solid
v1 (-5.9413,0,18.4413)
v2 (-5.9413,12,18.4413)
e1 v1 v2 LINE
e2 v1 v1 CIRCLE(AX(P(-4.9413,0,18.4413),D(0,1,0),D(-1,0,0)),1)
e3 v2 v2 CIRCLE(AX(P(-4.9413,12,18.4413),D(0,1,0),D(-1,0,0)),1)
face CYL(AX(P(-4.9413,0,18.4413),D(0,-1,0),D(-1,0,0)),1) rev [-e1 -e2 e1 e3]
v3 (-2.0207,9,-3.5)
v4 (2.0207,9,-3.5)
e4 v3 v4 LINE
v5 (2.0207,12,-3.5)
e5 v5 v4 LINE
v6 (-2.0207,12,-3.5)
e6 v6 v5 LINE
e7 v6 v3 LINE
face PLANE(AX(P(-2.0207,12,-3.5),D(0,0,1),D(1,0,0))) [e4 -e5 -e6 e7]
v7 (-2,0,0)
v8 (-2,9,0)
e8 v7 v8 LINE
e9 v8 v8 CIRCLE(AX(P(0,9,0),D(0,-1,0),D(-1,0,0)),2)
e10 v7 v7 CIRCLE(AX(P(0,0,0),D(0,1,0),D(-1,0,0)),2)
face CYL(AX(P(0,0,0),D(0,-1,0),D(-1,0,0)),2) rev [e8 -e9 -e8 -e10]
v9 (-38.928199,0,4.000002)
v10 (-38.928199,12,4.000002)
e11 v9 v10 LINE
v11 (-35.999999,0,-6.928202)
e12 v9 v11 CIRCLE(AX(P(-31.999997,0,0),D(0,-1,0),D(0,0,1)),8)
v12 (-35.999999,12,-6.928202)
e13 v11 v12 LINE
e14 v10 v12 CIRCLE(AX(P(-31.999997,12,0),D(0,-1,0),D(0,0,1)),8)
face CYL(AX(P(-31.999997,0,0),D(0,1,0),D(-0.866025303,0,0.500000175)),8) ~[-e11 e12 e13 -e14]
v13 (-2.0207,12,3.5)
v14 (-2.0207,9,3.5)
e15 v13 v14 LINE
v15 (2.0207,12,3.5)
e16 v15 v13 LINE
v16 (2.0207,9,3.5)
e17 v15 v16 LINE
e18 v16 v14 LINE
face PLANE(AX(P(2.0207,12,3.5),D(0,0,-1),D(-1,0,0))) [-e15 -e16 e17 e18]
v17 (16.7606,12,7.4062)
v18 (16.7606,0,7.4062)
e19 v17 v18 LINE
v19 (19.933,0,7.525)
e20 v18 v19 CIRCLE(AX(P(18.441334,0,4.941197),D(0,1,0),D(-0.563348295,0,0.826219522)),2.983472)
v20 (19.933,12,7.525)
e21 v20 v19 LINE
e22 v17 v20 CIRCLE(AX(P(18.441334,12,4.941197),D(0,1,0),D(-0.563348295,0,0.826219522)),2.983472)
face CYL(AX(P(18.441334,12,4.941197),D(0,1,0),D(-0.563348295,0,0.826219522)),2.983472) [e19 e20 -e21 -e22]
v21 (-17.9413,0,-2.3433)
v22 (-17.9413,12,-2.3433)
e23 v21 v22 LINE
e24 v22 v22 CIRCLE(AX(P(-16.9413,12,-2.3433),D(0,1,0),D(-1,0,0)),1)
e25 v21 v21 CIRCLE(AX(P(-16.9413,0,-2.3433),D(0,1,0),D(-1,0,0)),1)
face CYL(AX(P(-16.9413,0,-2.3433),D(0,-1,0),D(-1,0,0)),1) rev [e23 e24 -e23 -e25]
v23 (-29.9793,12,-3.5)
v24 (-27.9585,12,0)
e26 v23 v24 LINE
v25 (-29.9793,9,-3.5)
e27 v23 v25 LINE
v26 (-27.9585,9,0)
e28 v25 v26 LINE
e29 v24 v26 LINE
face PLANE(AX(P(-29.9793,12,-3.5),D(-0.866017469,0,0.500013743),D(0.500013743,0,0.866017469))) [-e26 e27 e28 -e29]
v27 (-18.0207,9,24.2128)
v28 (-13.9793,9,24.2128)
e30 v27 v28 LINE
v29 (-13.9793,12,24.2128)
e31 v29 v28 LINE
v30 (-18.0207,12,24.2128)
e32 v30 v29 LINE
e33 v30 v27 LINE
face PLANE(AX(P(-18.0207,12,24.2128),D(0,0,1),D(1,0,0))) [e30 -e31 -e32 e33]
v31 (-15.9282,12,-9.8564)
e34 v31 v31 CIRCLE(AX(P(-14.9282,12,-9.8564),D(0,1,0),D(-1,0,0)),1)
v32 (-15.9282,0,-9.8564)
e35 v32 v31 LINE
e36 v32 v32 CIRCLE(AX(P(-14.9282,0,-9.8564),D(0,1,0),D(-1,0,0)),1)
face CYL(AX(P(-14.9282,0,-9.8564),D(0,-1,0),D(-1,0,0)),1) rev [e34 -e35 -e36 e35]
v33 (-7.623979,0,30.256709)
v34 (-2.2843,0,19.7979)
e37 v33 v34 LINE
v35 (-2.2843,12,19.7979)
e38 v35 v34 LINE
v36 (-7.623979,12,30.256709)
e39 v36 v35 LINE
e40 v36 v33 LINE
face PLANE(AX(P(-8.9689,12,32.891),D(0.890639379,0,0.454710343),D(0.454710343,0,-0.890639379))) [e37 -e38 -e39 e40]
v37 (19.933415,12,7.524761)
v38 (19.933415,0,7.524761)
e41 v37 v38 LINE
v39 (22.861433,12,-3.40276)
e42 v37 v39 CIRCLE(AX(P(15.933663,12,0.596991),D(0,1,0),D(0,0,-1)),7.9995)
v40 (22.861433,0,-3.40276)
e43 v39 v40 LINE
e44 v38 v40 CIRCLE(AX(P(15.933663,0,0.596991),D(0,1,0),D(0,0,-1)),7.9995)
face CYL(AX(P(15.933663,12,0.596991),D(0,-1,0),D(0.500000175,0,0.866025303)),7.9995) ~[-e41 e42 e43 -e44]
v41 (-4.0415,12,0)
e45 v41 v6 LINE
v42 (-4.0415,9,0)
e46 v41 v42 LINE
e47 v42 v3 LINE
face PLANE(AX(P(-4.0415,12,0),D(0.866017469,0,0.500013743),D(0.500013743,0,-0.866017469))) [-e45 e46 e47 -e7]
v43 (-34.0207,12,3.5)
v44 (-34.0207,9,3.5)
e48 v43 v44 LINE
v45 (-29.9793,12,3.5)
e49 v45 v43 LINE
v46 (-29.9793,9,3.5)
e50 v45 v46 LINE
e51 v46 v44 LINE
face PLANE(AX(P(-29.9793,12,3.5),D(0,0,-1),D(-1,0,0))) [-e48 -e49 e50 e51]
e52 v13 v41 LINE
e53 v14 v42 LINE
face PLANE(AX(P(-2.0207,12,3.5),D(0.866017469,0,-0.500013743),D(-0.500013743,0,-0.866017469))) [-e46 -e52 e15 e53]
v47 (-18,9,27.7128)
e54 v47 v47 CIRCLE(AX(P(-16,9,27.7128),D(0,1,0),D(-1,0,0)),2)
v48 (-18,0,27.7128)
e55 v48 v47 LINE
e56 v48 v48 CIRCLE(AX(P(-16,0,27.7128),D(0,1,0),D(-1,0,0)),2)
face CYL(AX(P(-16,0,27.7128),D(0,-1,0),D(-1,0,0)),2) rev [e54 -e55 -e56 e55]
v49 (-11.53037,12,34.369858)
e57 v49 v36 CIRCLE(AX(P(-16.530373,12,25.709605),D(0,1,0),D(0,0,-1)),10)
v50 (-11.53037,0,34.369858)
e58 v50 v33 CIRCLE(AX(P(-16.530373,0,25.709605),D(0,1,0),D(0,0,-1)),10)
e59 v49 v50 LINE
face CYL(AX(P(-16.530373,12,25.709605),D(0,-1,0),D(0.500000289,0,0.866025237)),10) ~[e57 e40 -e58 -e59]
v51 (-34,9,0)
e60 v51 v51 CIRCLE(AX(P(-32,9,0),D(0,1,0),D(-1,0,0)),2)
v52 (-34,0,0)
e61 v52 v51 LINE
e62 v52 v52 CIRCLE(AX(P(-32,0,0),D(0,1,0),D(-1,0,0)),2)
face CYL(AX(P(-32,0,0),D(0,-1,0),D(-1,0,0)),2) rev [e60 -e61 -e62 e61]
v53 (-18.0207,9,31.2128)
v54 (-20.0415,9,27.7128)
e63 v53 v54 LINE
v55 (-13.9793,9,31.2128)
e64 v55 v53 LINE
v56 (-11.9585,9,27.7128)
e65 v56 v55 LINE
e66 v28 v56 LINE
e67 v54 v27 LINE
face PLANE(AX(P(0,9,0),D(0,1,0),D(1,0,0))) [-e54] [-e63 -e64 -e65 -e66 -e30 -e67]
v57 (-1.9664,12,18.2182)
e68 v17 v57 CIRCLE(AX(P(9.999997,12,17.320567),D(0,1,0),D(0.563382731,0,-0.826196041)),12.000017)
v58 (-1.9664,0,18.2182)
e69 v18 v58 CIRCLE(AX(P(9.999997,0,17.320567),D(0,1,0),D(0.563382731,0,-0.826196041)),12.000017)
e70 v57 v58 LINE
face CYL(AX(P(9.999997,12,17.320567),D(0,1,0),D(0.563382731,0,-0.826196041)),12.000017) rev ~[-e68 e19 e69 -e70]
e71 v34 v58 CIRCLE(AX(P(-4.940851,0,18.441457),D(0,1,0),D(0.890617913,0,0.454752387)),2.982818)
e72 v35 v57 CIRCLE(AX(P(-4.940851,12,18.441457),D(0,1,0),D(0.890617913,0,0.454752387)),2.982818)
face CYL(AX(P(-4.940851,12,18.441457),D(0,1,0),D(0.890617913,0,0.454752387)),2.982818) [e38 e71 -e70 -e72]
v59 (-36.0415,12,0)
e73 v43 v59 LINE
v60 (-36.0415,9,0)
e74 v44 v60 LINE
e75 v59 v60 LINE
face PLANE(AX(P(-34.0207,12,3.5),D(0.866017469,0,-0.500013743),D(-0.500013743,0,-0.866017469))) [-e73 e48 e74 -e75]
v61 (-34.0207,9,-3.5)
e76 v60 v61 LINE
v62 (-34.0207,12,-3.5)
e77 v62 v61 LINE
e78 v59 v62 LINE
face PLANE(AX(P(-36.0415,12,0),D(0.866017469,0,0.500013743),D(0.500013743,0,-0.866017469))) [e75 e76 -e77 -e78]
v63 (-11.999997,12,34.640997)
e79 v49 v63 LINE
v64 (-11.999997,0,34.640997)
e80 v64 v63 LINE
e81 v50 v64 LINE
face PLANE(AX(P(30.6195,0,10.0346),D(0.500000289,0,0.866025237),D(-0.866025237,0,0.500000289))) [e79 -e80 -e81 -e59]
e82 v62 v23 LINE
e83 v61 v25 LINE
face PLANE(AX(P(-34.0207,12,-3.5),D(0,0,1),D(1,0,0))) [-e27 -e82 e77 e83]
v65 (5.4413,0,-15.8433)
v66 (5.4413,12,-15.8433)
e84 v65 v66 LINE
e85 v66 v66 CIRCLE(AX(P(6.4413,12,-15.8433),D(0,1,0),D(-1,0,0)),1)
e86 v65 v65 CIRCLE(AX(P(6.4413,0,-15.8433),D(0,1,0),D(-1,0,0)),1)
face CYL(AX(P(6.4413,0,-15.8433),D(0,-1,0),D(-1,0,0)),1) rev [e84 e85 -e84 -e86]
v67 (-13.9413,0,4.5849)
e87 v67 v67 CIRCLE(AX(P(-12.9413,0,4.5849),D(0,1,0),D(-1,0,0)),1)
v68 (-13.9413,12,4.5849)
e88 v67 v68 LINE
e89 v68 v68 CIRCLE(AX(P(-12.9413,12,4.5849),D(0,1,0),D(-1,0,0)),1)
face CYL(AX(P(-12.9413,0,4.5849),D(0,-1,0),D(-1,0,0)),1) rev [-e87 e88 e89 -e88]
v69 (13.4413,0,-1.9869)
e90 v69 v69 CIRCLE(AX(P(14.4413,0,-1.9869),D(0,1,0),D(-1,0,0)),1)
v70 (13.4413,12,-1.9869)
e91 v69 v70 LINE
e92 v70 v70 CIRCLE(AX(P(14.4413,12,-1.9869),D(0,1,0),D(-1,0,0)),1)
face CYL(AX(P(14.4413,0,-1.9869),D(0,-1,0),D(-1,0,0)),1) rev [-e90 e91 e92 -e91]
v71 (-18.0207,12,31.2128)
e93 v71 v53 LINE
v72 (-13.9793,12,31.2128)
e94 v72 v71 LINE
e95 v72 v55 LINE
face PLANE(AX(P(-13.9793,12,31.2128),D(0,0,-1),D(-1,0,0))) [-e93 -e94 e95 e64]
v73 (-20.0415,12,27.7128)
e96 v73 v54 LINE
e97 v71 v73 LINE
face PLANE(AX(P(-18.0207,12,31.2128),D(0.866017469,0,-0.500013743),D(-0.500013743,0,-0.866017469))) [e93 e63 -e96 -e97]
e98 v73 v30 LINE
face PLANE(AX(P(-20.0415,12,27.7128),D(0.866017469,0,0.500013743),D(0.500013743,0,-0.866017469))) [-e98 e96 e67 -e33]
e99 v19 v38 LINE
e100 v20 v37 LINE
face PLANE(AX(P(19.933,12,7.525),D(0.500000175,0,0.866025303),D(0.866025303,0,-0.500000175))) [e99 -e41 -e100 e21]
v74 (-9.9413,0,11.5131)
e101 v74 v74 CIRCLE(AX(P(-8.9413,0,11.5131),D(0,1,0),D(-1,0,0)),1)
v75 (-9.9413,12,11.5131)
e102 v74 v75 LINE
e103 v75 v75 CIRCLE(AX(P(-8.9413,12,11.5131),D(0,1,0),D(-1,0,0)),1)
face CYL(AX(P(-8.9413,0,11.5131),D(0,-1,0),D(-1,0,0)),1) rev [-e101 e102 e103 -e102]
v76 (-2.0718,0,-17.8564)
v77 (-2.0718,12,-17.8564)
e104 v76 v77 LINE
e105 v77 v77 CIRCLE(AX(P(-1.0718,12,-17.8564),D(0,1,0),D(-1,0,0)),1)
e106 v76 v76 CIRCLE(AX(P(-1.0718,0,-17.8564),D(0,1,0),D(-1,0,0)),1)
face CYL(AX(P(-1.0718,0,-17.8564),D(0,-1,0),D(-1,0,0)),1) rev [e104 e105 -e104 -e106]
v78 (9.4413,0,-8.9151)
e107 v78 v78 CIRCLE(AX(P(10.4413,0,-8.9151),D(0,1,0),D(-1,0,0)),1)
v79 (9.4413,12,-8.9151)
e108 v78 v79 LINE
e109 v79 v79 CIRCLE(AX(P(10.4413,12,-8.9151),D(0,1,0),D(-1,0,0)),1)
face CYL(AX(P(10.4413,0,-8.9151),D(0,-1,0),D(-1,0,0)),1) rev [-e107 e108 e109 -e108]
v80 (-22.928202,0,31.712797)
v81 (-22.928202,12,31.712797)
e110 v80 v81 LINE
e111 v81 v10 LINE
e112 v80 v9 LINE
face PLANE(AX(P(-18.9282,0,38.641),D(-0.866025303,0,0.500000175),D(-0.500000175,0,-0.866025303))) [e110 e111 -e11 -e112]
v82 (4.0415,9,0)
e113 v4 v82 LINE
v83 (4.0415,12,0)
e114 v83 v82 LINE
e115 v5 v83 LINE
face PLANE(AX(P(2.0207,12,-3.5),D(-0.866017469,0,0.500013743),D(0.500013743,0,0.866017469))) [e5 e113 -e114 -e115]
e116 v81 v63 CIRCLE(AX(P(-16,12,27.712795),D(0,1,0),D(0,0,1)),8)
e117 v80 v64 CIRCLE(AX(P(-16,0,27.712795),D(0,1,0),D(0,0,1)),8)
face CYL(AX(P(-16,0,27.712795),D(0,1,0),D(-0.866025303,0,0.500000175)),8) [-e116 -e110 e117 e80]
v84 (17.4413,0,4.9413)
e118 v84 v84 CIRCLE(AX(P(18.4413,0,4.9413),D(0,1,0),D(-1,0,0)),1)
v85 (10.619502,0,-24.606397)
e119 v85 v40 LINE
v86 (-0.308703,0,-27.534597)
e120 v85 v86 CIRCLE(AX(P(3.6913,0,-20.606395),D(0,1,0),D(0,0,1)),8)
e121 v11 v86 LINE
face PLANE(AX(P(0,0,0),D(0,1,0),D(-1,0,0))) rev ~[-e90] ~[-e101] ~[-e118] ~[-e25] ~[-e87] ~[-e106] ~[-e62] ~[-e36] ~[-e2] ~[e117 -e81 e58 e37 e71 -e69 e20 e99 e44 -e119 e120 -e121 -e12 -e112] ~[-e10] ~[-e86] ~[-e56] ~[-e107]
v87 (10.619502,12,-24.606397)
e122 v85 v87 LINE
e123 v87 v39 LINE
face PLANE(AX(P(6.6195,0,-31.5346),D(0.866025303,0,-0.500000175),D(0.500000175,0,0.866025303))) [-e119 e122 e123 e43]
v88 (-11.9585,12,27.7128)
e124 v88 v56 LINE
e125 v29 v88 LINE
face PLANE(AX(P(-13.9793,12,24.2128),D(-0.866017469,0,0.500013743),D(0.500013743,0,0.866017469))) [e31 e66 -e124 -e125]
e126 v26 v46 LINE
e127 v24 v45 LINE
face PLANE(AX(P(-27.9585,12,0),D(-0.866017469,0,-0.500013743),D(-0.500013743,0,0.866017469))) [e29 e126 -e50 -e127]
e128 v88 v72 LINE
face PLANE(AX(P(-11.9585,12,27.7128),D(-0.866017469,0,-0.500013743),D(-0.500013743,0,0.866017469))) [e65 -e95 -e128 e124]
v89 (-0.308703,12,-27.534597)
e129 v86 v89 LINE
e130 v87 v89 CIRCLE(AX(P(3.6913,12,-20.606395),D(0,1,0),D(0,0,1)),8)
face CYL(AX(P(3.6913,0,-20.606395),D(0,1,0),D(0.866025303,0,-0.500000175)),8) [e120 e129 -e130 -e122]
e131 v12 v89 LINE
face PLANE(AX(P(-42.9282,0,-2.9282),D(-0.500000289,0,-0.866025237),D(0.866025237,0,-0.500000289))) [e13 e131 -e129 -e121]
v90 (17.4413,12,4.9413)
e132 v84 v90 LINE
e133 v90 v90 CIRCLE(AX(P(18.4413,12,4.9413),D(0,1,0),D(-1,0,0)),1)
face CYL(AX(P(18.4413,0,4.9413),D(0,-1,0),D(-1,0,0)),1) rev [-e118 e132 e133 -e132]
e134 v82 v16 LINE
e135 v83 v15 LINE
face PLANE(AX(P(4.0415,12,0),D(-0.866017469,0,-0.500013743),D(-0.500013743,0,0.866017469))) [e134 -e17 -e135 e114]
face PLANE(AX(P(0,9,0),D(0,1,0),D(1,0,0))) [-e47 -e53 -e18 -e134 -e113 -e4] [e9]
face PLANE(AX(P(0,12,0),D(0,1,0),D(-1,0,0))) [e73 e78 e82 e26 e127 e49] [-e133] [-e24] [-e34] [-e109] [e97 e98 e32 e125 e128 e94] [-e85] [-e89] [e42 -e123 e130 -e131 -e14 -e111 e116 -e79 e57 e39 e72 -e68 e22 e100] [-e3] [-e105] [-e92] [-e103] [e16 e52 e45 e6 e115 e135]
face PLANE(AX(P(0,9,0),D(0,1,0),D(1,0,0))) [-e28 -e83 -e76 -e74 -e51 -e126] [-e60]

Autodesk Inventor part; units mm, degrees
ref_plane "YZ Plane" through (0, 0, 0) normal (1, 0, 0) x (0, 1, 0)
ref_plane "XZ Plane" through (0, 0, 0) normal (0, 1, 0) x (-1, 0, 0)
ref_plane "XY Plane" through (0, 0, 0) normal (0, 0, 1) x (1, 0, 0)
sketch "Esquisse1" plane through (0, 0, 0) normal (0, 1, 0) x (-1, 0, 0)
  line L0 (0, 0) -> (32, 0) construction
  line L1 (32, 0) -> (16, 27.7128) construction
  line L2 (16, 27.7128) -> (0, 0) construction
  line L3 (-10.3913, 17.9982) -> (9.0252, -15.6322) construction
  line L4 (8, -13.8564) -> (32, 0) construction
  line L5 (8, -13.8564) -> (14.9282, -9.8564) construction
  line L6 (8, -13.8564) -> (-10, 17.3205) construction
  line L7 (-10, 17.3205) -> (1.6913, 24.0705) construction
  line L8 (1.6913, 24.0705) -> (4.9413, 18.4413) construction
  line L9 (4.9413, 18.4413) -> (8.9413, 11.5131) construction
  line L10 (8.9413, 11.5131) -> (12.9413, 4.5849) construction
  line L11 (12.9413, 4.5849) -> (16.9413, -2.3433) construction
  circle A0 centre (8.9413, 11.5131) radius 1
  circle A1 centre (12.9413, 4.5849) radius 1
  circle A2 centre (16.9413, -2.3433) radius 1
  circle A3 centre (14.9282, -9.8564) radius 1
  circle A4 centre (4.9413, 18.4413) radius 1
  circle A5 centre (-14.4413, -1.9869) radius 1
  circle A6 centre (-10.4413, -8.9151) radius 1
  circle A7 centre (-6.4413, -15.8433) radius 1
  circle A8 centre (1.0718, -17.8564) radius 1
  circle A9 centre (-18.4413, 4.9413) radius 1
  circle A10 centre (-10, 17.3205) radius 11.6 construction
  line L12 (32, 0) -> (36, -6.9282) construction
  line L13 (36.0415, 0) -> (34.0207, -3.5) construction
  line L14 (34.0207, -3.5) -> (29.9793, -3.5) construction
  line L15 (29.9793, -3.5) -> (27.9585, 0) construction
  line L16 (27.9585, 0) -> (29.9793, 3.5) construction
  line L17 (29.9793, 3.5) -> (34.0207, 3.5) construction
  line L18 (34.0207, 3.5) -> (36.0415, 0) construction
  line L19 (34.0207, 3.5) -> (34.0207, -3.5) construction
  circle A11 centre (16, 27.7128) radius 2
  circle A12 centre (32, 0) radius 2
  line L20 (32, 0) -> (38.9282, 4) construction
  line L21 (-6.4413, -15.8433) -> (-13.3695, -19.8433) construction
  line L22 (42.9282, -2.9282) -> (-6.6195, -31.5346)
  line L23 (-6.6195, -31.5346) -> (-30.6195, 10.0346)
  line L24 (-30.6195, 10.0346) -> (18.9282, 38.641)
  line L25 (18.9282, 38.641) -> (42.9282, -2.9282)
  line L26 (8, -13.8564) -> (12, -20.7846) construction
  line L27 (16, 27.7128) -> (12, 34.641) construction
  circle A13 centre (0, 0) radius 2
  dimension "d0" = 32
  dimension "d1" = 32
  dimension "d2" = 60
  dimension "d4" = 8
  dimension "d6" = 36
  dimension "d7" = 13.5
  dimension "d8" = 6.5
  dimension "d9" = 8
  dimension "d10" = 8
  dimension "d11" = 8
  dimension "d13" = 2
  dimension "d14" = 11.6
  dimension "d15" = 8
  dimension "d16" = 7
  dimension "d17" = 4
  dimension "d19" = 8
  dimension "d20" = 8
  dimension "d26" = 8
  dimension "d27" = 8
extrude "Extrusion1" add sketch "Esquisse1" along normal blind 12
sketch "Esquisse5" plane through (0, 12, 0) normal (0, 1, 0) x (1, 0, 0)
  circle A0 centre (-32, 0) radius 2 projected
  circle A1 centre (-16, -27.7128) radius 2 projected
  line L0 (-42.9282, 2.9282) -> (-18.9282, -38.641) projected
  line L1 (-27.9585, 0) -> (-29.9793, -3.5)
  line L2 (-29.9793, -3.5) -> (-34.0207, -3.5)
  line L3 (-34.0207, -3.5) -> (-36.0415, 0)
  line L4 (-36.0415, 0) -> (-34.0207, 3.5)
  line L5 (-34.0207, 3.5) -> (-29.9793, 3.5)
  line L6 (-29.9793, 3.5) -> (-27.9585, 0)
  line L7 (-18.0207, -24.2128) -> (-13.9793, -24.2128)
  line L8 (-13.9793, -24.2128) -> (-11.9585, -27.7128)
  line L9 (-11.9585, -27.7128) -> (-13.9793, -31.2128)
  line L10 (-13.9793, -31.2128) -> (-18.0207, -31.2128)
  line L11 (-18.0207, -31.2128) -> (-20.0415, -27.7128)
  line L12 (-20.0415, -27.7128) -> (-18.0207, -24.2128)
  line L13 (-4.0415, 0) -> (-2.0207, 3.5)
  line L14 (-2.0207, 3.5) -> (2.0207, 3.5)
  line L15 (2.0207, 3.5) -> (4.0415, 0)
  line L16 (4.0415, 0) -> (2.0207, -3.5)
  line L17 (2.0207, -3.5) -> (-2.0207, -3.5)
  line L18 (-2.0207, -3.5) -> (-4.0415, 0)
  line L19 (-13.9793, -24.2128) -> (-20.0415, -27.7128) construction
  point P0 (0, 0)
  point P1 (0, 0)
  dimension "d51" = 7
extrude "Extrusion2" cut sketch "Esquisse5" against normal blind 3
sketch "Esquisse6" plane through (0, 12, 0) normal (0, 1, 0) x (1, 0, 0)
  circle A0 centre (18.4413, -4.9413) radius 1 projected
  circle A1 centre (-4.9413, -18.4413) radius 1 projected
  line L0 (-18.9282, -38.641) -> (30.6195, -10.0346) projected
  line L1 (30.6195, -10.0346) -> (6.6195, 31.5346) projected
  line L2 (18.4413, -4.9413) -> (21.6913, -10.5705) construction
  line L3 (21.6913, -10.5705) -> (10, -17.3205) construction
  circle A2 centre (10, -17.3205) radius 12 construction
  line L4 (-11.9585, -27.7128) -> (-8.9689, -32.891) construction
  line L5 (-42.9282, 2.9282) -> (-18.9282, -38.641) projected
  circle A3 centre (-4.9413, -18.4413) radius 2.9833 construction
  line L6 (-8.9689, -32.891) -> (-2.2843, -19.7979)
  arc A4 (-2.2843, -19.7979) -> (-1.9664, -18.2182) centre (-4.9413, -18.4413) ccw
  circle A5 centre (18.4413, -4.9413) radius 2.9833 construction
  line L7 (19.933, -7.525) -> (26.8612, -3.525)
  arc A6 (16.7606, -7.4062) -> (-1.9664, -18.2182) centre (10, -17.3205) ccw
  arc A7 (16.7606, -7.4062) -> (19.933, -7.525) centre (18.4413, -4.9413) ccw
  point P0 (0, 0)
  dimension "d39" = 12
  dimension "d37" = 6.5
  dimension "d38" = 13.5
extrude "Extrusion3" cut sketch "Esquisse6" against normal through all contours L6 A4 A6 A7 L7 L1 L0
fillet "Congé3" radius 10 1 edges at (-8.9689, 6, 32.891)
fillet "Congé4" radius 8 1 edges at (26.8612, 6, 3.525)
fillet "Congé5" radius 8 1 edges at (6.6195, 6, -31.5346)
fillet "Congé6" radius 8 1 edges at (-18.9282, 6, 38.641)
fillet "Congé7" radius 8 1 edges at (-42.9282, 6, -2.9282)
properties part number "joint3+ax12imprint"
